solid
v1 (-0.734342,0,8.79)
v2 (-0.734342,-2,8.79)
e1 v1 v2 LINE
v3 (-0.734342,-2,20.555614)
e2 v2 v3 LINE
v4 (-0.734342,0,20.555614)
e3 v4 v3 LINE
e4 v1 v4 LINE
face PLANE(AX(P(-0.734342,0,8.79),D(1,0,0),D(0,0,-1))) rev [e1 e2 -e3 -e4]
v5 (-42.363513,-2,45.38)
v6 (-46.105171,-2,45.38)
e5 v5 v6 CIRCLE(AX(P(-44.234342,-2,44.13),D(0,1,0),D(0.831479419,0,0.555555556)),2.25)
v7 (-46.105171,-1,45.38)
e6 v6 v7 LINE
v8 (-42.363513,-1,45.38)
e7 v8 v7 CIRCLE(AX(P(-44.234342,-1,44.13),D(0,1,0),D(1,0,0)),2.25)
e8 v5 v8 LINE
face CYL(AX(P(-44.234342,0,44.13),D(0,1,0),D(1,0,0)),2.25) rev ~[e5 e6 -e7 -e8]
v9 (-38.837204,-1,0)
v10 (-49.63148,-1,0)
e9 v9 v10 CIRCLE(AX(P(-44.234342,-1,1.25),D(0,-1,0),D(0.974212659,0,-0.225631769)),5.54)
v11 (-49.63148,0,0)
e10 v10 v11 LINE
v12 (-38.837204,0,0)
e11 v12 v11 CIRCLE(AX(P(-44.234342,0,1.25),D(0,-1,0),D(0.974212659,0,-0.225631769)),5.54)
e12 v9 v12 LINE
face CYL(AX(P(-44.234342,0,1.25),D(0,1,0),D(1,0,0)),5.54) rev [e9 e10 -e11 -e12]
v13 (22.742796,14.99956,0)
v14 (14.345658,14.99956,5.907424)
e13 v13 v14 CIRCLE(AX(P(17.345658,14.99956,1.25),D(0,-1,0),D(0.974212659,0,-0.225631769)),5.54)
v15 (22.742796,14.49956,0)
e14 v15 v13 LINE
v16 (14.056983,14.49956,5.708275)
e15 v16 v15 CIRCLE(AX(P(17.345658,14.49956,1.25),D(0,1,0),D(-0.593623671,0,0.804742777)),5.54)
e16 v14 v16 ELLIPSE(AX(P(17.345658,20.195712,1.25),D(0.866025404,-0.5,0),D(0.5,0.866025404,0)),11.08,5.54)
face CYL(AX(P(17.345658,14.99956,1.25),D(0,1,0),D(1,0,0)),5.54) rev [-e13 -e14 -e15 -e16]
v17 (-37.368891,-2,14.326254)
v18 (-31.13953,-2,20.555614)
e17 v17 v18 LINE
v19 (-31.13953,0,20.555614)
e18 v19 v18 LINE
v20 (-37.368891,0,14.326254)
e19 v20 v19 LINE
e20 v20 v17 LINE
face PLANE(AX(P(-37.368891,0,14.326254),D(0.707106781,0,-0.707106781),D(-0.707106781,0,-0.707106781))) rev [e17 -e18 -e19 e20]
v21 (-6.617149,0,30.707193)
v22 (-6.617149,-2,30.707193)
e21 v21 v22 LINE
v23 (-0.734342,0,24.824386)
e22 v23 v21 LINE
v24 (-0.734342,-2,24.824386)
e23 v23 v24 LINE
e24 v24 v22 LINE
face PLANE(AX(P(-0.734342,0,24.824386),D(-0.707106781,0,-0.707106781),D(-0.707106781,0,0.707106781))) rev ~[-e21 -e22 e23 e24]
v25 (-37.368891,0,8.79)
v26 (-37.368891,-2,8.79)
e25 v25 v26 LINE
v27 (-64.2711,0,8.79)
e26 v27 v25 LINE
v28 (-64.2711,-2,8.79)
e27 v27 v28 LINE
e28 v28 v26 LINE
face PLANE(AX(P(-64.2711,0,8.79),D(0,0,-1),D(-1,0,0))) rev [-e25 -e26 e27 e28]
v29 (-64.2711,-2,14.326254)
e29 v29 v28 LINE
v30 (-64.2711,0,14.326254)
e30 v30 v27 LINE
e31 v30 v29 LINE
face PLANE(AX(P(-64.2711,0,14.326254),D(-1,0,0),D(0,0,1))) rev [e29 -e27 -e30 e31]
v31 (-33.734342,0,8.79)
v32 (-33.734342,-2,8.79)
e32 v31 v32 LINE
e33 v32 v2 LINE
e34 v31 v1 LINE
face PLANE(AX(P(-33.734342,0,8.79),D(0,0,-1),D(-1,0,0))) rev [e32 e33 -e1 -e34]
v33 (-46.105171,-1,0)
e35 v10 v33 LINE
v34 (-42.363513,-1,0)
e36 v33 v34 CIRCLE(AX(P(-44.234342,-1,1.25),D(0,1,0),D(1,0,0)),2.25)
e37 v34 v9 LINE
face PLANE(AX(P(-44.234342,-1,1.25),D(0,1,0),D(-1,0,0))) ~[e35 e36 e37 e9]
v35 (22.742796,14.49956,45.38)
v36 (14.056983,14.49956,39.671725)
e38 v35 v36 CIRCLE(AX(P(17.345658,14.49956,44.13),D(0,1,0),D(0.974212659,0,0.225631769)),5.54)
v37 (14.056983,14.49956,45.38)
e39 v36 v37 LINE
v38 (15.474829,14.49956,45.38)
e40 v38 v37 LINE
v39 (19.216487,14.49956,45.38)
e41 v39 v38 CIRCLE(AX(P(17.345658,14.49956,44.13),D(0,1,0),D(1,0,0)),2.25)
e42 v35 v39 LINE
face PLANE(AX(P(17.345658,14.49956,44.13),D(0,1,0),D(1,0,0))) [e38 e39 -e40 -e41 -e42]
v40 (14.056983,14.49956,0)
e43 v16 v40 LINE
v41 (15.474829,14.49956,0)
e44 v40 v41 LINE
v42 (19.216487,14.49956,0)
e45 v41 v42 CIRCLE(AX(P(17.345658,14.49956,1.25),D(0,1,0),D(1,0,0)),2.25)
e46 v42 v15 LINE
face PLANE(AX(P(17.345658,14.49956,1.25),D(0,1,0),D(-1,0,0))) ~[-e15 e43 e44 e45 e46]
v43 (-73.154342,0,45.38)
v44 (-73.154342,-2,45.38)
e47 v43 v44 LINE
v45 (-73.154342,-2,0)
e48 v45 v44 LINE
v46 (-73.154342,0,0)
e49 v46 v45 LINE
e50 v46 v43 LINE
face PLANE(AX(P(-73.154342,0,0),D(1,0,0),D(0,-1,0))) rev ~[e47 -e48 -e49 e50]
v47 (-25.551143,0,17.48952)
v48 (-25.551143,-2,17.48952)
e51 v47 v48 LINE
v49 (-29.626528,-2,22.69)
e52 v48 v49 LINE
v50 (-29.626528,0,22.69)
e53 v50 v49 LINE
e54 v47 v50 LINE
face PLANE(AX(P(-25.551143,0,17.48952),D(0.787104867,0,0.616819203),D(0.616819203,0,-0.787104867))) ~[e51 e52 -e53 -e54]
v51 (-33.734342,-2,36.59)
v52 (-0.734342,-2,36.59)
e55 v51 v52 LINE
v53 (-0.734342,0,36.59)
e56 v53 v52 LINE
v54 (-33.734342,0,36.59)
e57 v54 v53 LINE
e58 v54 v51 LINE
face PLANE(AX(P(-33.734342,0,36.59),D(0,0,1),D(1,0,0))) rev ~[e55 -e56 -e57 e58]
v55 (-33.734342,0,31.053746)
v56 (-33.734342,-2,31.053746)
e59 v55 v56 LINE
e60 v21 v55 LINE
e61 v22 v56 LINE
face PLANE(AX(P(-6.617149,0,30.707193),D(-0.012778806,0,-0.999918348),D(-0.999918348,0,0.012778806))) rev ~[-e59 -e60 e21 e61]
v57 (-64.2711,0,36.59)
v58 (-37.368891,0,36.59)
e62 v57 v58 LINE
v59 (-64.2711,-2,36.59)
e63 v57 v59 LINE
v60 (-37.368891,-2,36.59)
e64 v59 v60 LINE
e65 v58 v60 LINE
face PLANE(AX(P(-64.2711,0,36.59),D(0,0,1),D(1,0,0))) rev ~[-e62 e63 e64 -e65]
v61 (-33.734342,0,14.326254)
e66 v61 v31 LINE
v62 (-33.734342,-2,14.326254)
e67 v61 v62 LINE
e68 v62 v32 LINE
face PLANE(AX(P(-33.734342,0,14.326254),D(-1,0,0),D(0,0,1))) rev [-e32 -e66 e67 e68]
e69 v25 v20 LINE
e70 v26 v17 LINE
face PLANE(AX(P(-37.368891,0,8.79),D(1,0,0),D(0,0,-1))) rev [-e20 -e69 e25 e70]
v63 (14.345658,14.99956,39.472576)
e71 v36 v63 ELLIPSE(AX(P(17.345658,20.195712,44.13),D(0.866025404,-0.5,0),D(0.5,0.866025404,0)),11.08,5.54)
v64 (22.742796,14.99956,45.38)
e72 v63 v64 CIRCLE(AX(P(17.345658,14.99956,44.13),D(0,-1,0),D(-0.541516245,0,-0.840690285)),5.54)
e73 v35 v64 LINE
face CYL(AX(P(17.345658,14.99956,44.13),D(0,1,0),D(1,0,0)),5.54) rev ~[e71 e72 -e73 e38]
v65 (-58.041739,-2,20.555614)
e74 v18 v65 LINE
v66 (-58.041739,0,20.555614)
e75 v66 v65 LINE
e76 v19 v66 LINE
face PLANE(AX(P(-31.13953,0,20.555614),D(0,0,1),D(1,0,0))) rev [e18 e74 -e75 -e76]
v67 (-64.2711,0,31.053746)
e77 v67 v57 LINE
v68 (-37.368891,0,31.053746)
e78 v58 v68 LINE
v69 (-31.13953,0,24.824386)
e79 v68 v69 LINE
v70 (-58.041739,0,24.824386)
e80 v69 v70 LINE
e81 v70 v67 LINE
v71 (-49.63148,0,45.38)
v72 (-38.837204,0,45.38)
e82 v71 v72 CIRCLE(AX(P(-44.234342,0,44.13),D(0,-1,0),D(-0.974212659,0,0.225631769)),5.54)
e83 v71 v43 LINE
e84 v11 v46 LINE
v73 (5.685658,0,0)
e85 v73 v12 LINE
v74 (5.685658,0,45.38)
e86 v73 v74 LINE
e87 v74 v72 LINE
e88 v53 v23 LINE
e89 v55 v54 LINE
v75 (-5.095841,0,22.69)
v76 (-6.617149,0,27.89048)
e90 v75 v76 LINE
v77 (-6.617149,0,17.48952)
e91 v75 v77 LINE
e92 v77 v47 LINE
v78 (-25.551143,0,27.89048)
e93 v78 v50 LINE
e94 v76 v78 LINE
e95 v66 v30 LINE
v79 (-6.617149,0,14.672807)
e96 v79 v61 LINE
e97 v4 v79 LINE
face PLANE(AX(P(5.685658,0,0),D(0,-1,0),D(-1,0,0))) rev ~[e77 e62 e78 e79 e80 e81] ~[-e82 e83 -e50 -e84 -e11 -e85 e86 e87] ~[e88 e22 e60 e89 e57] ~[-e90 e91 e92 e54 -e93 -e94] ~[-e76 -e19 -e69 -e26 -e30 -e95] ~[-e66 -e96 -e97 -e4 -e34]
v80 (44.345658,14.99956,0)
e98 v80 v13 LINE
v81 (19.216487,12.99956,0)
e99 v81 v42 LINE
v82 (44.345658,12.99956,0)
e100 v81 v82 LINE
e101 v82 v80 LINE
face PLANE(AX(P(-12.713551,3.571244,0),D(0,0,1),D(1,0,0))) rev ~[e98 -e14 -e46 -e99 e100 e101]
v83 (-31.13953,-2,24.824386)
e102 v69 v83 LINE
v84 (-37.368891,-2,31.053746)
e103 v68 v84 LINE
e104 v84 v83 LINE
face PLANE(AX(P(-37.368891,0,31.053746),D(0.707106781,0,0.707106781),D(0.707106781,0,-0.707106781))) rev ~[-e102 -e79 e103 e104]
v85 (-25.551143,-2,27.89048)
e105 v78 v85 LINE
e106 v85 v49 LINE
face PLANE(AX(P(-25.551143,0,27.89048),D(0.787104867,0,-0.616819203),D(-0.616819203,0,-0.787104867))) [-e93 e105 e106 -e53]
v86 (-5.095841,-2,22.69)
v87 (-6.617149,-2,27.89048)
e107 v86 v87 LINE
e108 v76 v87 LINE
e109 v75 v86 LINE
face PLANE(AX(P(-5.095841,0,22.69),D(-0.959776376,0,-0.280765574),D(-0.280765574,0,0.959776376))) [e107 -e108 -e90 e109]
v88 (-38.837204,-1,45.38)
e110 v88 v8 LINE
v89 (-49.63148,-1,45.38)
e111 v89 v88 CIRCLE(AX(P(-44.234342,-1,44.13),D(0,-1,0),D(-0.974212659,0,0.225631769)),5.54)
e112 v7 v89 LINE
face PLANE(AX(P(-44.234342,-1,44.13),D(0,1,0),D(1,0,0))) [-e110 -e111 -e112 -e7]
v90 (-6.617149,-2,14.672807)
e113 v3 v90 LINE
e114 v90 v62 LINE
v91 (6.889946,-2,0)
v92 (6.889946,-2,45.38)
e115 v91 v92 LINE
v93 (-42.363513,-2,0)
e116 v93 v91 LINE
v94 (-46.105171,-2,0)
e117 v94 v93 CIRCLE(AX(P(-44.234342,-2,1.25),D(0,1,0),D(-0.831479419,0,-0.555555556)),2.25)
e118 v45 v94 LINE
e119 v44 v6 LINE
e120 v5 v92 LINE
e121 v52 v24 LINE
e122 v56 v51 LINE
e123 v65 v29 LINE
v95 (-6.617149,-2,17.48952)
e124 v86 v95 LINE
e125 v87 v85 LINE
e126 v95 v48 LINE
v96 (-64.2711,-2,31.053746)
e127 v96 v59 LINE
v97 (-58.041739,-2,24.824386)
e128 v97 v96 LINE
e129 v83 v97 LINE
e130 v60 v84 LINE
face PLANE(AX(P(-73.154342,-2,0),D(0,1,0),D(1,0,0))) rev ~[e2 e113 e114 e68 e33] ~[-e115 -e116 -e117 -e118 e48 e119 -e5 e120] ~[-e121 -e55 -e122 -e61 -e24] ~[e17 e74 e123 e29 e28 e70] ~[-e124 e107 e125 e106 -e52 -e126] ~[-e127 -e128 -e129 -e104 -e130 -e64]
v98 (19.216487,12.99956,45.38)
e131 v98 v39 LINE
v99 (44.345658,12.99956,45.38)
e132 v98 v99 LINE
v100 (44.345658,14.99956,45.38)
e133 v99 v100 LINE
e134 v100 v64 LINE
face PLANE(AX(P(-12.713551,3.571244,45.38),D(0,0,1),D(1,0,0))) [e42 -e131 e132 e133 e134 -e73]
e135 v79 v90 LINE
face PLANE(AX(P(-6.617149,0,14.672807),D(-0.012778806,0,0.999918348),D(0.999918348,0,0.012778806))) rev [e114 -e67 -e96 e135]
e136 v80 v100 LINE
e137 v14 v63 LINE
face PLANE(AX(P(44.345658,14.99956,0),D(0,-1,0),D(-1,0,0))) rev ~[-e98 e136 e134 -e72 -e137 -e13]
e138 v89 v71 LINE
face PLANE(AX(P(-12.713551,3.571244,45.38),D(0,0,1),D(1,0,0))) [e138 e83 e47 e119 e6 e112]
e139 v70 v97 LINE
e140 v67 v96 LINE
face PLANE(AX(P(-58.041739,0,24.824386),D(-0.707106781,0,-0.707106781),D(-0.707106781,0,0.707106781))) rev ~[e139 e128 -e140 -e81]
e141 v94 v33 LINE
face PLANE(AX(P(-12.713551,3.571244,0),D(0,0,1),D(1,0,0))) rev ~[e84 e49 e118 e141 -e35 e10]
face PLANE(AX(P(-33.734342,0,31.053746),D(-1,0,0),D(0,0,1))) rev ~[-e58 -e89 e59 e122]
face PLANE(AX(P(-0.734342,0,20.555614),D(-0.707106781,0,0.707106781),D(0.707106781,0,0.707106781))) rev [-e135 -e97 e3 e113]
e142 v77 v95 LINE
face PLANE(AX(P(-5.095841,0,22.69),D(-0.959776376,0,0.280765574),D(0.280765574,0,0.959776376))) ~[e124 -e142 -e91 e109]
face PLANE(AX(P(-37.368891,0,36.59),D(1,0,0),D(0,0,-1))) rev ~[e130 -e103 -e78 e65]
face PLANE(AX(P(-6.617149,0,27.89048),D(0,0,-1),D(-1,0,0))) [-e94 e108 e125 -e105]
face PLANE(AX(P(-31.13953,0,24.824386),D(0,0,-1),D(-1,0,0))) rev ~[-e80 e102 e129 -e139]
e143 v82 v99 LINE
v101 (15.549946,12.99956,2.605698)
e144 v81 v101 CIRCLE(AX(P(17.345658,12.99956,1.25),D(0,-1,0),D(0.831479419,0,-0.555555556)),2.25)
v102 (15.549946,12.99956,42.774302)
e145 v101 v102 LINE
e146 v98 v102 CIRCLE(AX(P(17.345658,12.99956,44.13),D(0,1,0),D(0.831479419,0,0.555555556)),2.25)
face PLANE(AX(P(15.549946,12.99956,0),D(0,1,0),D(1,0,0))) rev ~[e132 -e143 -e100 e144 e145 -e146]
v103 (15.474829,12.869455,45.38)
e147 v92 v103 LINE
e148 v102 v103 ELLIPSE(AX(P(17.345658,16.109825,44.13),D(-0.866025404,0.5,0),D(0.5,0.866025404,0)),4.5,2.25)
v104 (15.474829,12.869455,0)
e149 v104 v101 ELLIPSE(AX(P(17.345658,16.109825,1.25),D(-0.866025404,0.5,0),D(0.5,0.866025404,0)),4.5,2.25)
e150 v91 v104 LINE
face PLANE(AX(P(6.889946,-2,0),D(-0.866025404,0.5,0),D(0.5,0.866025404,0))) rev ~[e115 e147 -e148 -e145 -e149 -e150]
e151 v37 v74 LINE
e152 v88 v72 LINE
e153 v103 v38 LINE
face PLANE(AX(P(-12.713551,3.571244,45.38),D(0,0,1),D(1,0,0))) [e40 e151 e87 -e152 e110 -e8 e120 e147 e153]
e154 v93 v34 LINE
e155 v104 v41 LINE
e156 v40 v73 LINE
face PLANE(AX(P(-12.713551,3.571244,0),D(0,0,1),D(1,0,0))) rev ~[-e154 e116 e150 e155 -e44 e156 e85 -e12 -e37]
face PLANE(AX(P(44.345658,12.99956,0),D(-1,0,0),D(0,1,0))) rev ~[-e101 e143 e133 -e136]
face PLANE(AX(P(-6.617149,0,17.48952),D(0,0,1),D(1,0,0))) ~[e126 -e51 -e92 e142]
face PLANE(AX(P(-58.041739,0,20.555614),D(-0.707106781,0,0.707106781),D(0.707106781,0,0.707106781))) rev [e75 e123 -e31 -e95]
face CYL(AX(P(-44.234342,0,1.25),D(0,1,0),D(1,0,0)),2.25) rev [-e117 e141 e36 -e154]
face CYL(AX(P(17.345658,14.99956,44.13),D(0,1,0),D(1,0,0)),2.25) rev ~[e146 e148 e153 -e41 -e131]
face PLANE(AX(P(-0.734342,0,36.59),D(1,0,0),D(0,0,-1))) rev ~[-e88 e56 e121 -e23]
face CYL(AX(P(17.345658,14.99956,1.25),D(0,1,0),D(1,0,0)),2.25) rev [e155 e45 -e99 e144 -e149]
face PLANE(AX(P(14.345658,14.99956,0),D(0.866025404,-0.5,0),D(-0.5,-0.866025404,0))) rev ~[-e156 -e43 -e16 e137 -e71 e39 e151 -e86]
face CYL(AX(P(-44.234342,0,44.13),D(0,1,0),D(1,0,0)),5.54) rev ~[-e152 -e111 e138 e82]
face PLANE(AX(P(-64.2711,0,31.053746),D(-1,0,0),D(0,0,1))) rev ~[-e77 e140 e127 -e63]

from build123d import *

# Parameters (mm, degrees)
BOSS_EXTRUDE1_DEPTH = 45.38
SKETCH4_R           = 2.25
CUT_EXTRUDE3_DEPTH  = 14.99956
SKETCH5_R           = 5.54
CUT_EXTRUDE4_DEPTH  = 0.5
CUT_EXTRUDE5_DEPTH  = 2
CUT_EXTRUDE6_DEPTH  = 2
SKETCH2_R           = 2.25
CUT_EXTRUDE7_DEPTH  = 2
SKETCH8_R           = 5.54
CUT_EXTRUDE8_DEPTH  = 1


with BuildPart() as part:
    # Sketch1 → Boss-Extrude1 (new body)
    with BuildSketch(Plane.XY):
        Polygon((-73.15434201, 0), (-73.15434201, -2), (6.88994551, -2), (15.54994551, 12.999559994), (44.34565799, 12.999559994), (44.34565799, 14.999559994), (14.34565799, 14.999559994), (5.68565799, 0), align=None)
    extrude(amount=BOSS_EXTRUDE1_DEPTH)

    # Sketch4 → Cut-Extrude3 (cut)
    with BuildSketch(Plane(origin=(0, 14.999559994, 0), x_dir=(1, 0, 0), z_dir=(0, 1, 0))):
        with Locations((17.34565799, -44.13)):
            Circle(SKETCH4_R)
    cut_extrude3 = extrude(amount=-CUT_EXTRUDE3_DEPTH, mode=Mode.SUBTRACT)

    # Sketch5 → Cut-Extrude4 (cut)
    with BuildSketch(Plane(origin=(0, 14.999559994, 0), x_dir=(1, 0, 0), z_dir=(0, 1, 0))):
        with Locations((17.34565799, -44.13)):
            Circle(SKETCH5_R)
    cut_extrude4 = extrude(amount=-CUT_EXTRUDE4_DEPTH, mode=Mode.SUBTRACT)

    # Sketch6 → Cut-Extrude5 (cut)
    with BuildSketch(Plane(origin=(0, 0, 0), x_dir=(1, 0, 0), z_dir=(0, 1, 0))):
        Polygon((-0.73434201, -36.59), (-0.73434201, -24.824385528), (-6.617149247, -30.707192764), (-33.73434201, -31.053746412), (-33.73434201, -36.59), align=None)
        Polygon((-37.368890626, -36.59), (-37.368890626, -31.053746412), (-31.139529741, -24.824385528), (-58.04173908, -24.824385528), (-64.271099965, -31.053746412), (-64.271099965, -36.59), align=None)
    cut_extrude5 = extrude(amount=-CUT_EXTRUDE5_DEPTH, mode=Mode.SUBTRACT)

    # Sketch7 → Cut-Extrude6 (cut)
    with BuildSketch(Plane(origin=(0, 0, 0), x_dir=(1, 0, 0), z_dir=(0, 1, 0))):
        Polygon((-5.095840943, -22.69), (-6.617149247, -27.890480059), (-25.551142536, -27.890480059), (-29.626528294, -22.69), align=None)
    cut_extrude6 = extrude(amount=-CUT_EXTRUDE6_DEPTH, mode=Mode.SUBTRACT)

    # Sketch2 → Cut-Extrude7 (cut)
    with BuildSketch(Plane(origin=(0, 0, 0), x_dir=(1, 0, 0), z_dir=(0, 1, 0))):
        with Locations((-44.23434201, -44.13)):
            Circle(SKETCH2_R)
    cut_extrude7 = extrude(amount=-CUT_EXTRUDE7_DEPTH, mode=Mode.SUBTRACT)

    # Sketch8 → Cut-Extrude8 (cut)
    with BuildSketch(Plane(origin=(0, 0, 0), x_dir=(1, 0, 0), z_dir=(0, 1, 0))):
        with Locations((-44.23434201, -44.13)):
            Circle(SKETCH8_R)
    cut_extrude8 = extrude(amount=-CUT_EXTRUDE8_DEPTH, mode=Mode.SUBTRACT)

    # Mirror1: Cut-Extrude3, Cut-Extrude4, Cut-Extrude5, Cut-Extrude6, Cut-Extrude7, Cut-Extrude8 across plane
    add(cut_extrude3.mirror(Plane(origin=(0, 0, 22.69), x_dir=(1, 0, 0), z_dir=(0, 0, -1))), mode=Mode.SUBTRACT)
    add(cut_extrude4.mirror(Plane(origin=(0, 0, 22.69), x_dir=(1, 0, 0), z_dir=(0, 0, -1))), mode=Mode.SUBTRACT)
    add(cut_extrude5.mirror(Plane(origin=(0, 0, 22.69), x_dir=(1, 0, 0), z_dir=(0, 0, -1))), mode=Mode.SUBTRACT)
    add(cut_extrude6.mirror(Plane(origin=(0, 0, 22.69), x_dir=(1, 0, 0), z_dir=(0, 0, -1))), mode=Mode.SUBTRACT)
    add(cut_extrude7.mirror(Plane(origin=(0, 0, 22.69), x_dir=(1, 0, 0), z_dir=(0, 0, -1))), mode=Mode.SUBTRACT)
    add(cut_extrude8.mirror(Plane(origin=(0, 0, 22.69), x_dir=(1, 0, 0), z_dir=(0, 0, -1))), mode=Mode.SUBTRACT)


solid = part.part
